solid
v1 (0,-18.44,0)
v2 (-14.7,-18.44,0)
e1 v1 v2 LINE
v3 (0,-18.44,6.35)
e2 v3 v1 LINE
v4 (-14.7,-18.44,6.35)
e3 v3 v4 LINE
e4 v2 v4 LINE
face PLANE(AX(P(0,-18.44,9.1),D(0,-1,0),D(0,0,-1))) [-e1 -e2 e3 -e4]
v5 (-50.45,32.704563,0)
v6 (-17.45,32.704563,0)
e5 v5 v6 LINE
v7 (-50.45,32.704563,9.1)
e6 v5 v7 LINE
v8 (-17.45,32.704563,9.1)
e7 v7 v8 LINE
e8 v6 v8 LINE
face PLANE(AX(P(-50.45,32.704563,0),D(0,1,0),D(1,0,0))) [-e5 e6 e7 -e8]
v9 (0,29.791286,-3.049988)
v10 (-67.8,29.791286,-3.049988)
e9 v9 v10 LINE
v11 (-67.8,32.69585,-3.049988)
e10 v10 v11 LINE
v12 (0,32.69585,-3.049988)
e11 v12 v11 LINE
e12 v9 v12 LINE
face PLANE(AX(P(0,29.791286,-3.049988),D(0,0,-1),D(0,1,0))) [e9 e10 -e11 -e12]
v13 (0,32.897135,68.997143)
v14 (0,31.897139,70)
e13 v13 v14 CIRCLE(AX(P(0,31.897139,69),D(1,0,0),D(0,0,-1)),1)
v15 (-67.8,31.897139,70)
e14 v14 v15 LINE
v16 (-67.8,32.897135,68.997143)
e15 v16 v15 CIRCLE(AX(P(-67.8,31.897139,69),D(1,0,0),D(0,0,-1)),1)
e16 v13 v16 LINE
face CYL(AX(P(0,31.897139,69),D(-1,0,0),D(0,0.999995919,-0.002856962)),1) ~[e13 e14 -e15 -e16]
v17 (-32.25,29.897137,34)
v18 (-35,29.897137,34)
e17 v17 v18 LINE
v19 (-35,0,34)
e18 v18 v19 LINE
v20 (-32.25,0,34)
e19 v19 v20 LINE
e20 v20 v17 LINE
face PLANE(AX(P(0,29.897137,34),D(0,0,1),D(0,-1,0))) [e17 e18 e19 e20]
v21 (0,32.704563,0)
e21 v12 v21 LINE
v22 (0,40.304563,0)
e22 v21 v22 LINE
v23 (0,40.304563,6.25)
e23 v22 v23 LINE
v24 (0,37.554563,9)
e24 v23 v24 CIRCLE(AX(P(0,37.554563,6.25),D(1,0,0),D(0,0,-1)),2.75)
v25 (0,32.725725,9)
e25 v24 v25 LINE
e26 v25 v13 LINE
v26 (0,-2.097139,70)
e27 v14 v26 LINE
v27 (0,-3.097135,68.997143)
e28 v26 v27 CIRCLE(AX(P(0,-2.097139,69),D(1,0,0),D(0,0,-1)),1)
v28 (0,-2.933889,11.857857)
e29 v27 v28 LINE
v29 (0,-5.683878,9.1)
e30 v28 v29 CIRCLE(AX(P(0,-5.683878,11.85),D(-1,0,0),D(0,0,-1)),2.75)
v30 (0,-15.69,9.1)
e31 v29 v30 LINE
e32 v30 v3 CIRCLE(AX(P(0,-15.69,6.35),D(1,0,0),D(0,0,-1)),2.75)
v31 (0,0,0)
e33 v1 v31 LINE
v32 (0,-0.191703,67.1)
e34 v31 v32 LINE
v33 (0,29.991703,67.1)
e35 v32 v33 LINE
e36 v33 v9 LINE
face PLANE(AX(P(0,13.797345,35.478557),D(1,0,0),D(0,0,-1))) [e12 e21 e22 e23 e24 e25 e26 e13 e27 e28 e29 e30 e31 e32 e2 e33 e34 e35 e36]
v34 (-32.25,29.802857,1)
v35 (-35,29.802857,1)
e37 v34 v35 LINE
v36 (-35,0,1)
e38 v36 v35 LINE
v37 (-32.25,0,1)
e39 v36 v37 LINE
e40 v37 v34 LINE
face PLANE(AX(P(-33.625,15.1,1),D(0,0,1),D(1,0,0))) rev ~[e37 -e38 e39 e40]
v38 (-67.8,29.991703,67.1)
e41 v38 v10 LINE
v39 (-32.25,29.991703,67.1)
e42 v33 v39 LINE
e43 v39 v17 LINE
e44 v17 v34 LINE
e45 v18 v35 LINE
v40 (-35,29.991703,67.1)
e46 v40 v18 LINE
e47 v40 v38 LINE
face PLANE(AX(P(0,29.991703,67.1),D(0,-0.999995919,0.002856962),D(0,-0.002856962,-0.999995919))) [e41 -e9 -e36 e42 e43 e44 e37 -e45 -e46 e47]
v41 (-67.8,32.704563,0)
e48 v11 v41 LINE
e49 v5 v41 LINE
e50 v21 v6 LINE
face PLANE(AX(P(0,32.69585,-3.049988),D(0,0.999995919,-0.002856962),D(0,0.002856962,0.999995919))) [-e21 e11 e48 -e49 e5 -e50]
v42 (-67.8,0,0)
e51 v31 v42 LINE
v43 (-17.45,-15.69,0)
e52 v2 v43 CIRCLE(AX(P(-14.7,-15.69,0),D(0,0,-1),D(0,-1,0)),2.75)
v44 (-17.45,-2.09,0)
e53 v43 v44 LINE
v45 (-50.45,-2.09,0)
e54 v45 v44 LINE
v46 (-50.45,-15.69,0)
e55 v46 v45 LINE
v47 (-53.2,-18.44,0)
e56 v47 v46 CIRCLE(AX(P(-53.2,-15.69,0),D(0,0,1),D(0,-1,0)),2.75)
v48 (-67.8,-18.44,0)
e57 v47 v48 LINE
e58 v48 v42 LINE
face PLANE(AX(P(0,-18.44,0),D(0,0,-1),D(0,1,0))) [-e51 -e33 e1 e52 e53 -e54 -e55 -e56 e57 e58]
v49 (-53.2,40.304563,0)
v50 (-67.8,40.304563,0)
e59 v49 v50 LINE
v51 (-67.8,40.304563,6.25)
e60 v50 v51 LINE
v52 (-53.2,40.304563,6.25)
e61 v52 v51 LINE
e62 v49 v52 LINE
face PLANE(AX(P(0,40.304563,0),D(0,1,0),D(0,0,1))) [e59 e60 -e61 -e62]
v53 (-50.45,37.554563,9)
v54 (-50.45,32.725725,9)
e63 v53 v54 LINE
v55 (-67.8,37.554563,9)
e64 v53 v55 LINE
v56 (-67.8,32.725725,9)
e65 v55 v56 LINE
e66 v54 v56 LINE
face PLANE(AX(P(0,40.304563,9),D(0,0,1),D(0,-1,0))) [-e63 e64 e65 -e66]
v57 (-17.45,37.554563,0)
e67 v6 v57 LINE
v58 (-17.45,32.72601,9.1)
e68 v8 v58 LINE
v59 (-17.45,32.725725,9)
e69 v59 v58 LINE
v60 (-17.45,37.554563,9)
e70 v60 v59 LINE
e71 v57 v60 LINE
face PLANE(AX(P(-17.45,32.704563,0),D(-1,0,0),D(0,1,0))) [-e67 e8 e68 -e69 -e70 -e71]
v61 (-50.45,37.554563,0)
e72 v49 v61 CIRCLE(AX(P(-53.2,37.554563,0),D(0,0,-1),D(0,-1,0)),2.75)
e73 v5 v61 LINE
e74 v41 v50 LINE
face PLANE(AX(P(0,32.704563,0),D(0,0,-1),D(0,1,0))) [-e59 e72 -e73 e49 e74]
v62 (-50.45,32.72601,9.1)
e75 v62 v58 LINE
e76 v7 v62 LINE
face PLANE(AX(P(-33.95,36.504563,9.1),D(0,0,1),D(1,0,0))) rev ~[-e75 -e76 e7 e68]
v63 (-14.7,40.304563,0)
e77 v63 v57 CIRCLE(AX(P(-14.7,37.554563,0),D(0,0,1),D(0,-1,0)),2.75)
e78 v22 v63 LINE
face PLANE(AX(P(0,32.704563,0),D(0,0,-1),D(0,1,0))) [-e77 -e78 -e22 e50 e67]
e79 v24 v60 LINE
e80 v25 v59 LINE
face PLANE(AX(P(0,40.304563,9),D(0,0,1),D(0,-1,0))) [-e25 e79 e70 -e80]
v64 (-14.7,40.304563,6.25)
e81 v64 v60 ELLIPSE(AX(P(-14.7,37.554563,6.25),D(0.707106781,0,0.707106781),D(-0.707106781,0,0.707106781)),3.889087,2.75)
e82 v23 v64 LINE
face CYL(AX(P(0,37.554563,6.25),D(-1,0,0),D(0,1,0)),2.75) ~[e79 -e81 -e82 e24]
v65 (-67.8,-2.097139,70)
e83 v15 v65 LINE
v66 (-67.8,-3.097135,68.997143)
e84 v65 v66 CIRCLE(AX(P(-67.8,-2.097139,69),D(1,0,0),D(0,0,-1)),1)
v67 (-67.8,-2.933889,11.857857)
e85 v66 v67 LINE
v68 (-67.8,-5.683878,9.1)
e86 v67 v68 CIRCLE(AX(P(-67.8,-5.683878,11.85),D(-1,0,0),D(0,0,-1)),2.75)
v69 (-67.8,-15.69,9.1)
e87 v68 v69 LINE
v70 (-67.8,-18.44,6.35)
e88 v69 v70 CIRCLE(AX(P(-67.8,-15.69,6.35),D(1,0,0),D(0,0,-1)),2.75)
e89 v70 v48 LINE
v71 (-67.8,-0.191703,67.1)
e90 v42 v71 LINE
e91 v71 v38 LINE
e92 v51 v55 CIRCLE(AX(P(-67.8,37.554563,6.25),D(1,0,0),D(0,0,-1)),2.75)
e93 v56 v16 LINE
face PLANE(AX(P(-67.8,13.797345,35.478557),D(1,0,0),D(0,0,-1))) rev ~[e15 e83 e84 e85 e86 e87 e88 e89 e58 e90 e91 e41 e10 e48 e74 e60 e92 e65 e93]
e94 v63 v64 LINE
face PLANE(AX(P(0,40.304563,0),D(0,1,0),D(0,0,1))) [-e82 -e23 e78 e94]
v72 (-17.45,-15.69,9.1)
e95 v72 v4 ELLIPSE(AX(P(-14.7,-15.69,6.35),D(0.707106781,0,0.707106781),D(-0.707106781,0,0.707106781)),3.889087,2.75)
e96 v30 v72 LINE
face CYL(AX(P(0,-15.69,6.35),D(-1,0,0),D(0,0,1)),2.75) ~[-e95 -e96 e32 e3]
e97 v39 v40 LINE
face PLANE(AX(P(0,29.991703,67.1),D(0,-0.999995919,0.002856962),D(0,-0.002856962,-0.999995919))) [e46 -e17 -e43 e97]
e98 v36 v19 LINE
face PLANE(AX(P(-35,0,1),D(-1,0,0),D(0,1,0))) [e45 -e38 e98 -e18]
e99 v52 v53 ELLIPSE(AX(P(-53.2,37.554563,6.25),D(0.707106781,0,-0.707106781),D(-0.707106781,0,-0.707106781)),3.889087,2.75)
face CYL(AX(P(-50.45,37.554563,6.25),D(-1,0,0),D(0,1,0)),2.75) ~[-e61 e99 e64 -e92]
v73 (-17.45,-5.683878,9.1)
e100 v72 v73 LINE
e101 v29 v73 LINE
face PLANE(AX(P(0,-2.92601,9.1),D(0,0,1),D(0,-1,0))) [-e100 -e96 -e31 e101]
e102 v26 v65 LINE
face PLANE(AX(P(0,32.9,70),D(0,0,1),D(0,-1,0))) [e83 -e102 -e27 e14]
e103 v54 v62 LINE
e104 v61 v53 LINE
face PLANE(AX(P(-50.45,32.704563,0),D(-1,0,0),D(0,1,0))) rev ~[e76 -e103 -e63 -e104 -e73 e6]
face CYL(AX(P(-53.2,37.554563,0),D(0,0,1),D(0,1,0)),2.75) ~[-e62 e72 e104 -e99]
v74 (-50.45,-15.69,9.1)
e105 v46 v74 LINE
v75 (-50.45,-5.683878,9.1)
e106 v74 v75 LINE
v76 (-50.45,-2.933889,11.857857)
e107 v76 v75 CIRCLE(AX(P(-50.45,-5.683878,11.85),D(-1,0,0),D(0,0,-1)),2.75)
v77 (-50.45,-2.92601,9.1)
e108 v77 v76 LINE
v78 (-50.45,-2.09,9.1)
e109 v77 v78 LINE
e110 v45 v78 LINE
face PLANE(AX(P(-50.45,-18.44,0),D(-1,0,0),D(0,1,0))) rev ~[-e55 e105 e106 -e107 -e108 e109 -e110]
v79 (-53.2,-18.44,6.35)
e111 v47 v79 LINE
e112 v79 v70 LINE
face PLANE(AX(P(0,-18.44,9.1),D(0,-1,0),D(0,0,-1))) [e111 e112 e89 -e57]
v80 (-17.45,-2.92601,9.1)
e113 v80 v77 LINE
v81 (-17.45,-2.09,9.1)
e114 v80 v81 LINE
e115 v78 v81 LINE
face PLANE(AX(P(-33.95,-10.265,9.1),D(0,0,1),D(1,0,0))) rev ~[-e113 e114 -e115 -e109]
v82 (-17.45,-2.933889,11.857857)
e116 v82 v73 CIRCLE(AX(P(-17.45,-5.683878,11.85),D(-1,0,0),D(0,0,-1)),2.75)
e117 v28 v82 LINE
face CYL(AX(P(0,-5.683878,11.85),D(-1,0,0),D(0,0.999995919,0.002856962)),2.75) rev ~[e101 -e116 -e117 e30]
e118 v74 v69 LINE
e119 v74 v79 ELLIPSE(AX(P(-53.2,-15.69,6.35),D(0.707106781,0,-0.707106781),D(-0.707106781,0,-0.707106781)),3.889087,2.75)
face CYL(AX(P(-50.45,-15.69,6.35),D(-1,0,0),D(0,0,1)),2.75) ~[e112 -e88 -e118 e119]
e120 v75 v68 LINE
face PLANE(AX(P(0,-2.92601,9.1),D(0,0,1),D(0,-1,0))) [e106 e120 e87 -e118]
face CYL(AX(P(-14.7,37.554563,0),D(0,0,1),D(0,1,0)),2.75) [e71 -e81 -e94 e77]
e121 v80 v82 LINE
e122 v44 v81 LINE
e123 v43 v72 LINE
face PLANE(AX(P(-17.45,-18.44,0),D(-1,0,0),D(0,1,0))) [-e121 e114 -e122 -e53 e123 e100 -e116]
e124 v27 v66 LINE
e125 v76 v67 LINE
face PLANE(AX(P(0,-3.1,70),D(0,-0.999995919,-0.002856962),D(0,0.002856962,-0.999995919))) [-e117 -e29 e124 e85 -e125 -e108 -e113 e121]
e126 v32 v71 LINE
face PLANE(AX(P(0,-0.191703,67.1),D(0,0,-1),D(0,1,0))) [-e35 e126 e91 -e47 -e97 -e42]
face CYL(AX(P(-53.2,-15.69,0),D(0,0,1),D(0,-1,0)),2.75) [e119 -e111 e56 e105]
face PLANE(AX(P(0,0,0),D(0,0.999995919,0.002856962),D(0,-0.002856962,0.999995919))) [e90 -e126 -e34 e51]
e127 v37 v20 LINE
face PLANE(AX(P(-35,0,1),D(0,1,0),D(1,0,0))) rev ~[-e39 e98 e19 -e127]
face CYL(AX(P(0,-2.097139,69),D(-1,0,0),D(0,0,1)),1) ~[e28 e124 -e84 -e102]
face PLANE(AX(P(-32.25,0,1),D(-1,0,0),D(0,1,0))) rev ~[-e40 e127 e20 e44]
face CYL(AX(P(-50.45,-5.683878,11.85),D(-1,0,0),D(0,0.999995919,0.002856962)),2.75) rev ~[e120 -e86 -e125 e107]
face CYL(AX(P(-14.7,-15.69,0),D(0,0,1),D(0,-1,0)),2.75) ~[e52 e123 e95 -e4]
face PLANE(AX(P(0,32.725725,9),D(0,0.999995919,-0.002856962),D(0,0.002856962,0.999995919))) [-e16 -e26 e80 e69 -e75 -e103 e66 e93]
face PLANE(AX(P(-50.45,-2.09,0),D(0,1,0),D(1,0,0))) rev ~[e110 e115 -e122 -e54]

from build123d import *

# Parameters (mm, degrees)
AUFSATZ_LINEAR_AUSTRAGEN1_DEPTH = 67.8
SKIZZE3_W                       = 33
SKIZZE3_H                       = 7.6
SKIZZE3_H_2                     = 16.35
SCHNITT_LINEAR_AUSTRAGEN1_DEPTH = 9.1
SKIZZE4_W                       = 2.75
SKIZZE4_H                       = 30.2
AUFSATZ_LINEAR_AUSTRAGEN2_DEPTH = 66.1
VERRUNDUNG1_R                   = 2.75
VERRUNDUNG3_R                   = 1
SCHNITT_LINEAR_AUSTRAGEN2_DEPTH = 35


with BuildPart() as part:
    # Skizze1 → Aufsatz-Linear austragen1 (new body)
    with BuildSketch(Plane(origin=(0, 0, 0), x_dir=(0, 0, -1), z_dir=(1, 0, 0))):
        Polygon((-67.1, 29.991702941), (3.049987553, 29.791286266), (3.049987553, 32.695849754), (0, 32.704563488), (0, 40.304563488), (-9, 40.304563488), (-9, 32.725724599), (-70, 32.9), (-70, -3.1), (-9.1, -2.926010297), (-9.1, -18.44), (0, -18.44), (0, 0), (-67.1, -0.191702941), align=None)
    extrude(amount=-AUFSATZ_LINEAR_AUSTRAGEN1_DEPTH)

    # Skizze3 → Schnitt-Linear austragen1 (cut)
    with BuildSketch(Plane.XY):
        with Locations((-33.95, 36.504563488)):
            Rectangle(SKIZZE3_W, SKIZZE3_H)
        with Locations((-33.95, -10.265)):
            Rectangle(SKIZZE3_W, SKIZZE3_H_2)
    extrude(amount=SCHNITT_LINEAR_AUSTRAGEN1_DEPTH, mode=Mode.SUBTRACT)

    # Skizze4 → Aufsatz-Linear austragen2 (add)
    with BuildSketch(Plane.XY.offset(1)):
        with Locations((-33.625, 15.1)):
            Rectangle(SKIZZE4_W, SKIZZE4_H)
    extrude(amount=AUFSATZ_LINEAR_AUSTRAGEN2_DEPTH)

    # Verrundung1
    verrundung1_edges = [part.edges().sort_by_distance(p)[0] for p in [
        (-59.125, -18.44, 9.1),
        (-59.125, -2.926010297, 9.1),
        (-59.125, 40.304563488, 9),
        (-8.725, 40.304563488, 9),
        (-17.45, 40.304563488, 4.5),
        (-50.45, 40.304563488, 4.5),
        (-8.725, -2.926010297, 9.1),
        (-8.725, -18.44, 9.1),
        (-17.45, -18.44, 4.55),
        (-50.45, -18.44, 4.55),
    ]]
    fillet(verrundung1_edges, radius=VERRUNDUNG1_R)

    # Verrundung3
    verrundung3_edges = [part.edges().sort_by_distance(p)[0] for p in [
        (-33.9, -3.1, 70),
        (-33.9, 32.9, 70),
    ]]
    fillet(verrundung3_edges, radius=VERRUNDUNG3_R)

    # Skizze6 → Schnitt-Linear austragen2 (cut)
    with BuildSketch(Plane(origin=(0, 0, 0), x_dir=(0, 0, -1), z_dir=(1, 0, 0))):
        Polygon((-67.1, 29.991702941), (-34, 29.897137109), (-34, -0.097137109), (-67.1, -0.191702941), align=None)
    extrude(amount=-SCHNITT_LINEAR_AUSTRAGEN2_DEPTH, mode=Mode.SUBTRACT)


solid = part.part
